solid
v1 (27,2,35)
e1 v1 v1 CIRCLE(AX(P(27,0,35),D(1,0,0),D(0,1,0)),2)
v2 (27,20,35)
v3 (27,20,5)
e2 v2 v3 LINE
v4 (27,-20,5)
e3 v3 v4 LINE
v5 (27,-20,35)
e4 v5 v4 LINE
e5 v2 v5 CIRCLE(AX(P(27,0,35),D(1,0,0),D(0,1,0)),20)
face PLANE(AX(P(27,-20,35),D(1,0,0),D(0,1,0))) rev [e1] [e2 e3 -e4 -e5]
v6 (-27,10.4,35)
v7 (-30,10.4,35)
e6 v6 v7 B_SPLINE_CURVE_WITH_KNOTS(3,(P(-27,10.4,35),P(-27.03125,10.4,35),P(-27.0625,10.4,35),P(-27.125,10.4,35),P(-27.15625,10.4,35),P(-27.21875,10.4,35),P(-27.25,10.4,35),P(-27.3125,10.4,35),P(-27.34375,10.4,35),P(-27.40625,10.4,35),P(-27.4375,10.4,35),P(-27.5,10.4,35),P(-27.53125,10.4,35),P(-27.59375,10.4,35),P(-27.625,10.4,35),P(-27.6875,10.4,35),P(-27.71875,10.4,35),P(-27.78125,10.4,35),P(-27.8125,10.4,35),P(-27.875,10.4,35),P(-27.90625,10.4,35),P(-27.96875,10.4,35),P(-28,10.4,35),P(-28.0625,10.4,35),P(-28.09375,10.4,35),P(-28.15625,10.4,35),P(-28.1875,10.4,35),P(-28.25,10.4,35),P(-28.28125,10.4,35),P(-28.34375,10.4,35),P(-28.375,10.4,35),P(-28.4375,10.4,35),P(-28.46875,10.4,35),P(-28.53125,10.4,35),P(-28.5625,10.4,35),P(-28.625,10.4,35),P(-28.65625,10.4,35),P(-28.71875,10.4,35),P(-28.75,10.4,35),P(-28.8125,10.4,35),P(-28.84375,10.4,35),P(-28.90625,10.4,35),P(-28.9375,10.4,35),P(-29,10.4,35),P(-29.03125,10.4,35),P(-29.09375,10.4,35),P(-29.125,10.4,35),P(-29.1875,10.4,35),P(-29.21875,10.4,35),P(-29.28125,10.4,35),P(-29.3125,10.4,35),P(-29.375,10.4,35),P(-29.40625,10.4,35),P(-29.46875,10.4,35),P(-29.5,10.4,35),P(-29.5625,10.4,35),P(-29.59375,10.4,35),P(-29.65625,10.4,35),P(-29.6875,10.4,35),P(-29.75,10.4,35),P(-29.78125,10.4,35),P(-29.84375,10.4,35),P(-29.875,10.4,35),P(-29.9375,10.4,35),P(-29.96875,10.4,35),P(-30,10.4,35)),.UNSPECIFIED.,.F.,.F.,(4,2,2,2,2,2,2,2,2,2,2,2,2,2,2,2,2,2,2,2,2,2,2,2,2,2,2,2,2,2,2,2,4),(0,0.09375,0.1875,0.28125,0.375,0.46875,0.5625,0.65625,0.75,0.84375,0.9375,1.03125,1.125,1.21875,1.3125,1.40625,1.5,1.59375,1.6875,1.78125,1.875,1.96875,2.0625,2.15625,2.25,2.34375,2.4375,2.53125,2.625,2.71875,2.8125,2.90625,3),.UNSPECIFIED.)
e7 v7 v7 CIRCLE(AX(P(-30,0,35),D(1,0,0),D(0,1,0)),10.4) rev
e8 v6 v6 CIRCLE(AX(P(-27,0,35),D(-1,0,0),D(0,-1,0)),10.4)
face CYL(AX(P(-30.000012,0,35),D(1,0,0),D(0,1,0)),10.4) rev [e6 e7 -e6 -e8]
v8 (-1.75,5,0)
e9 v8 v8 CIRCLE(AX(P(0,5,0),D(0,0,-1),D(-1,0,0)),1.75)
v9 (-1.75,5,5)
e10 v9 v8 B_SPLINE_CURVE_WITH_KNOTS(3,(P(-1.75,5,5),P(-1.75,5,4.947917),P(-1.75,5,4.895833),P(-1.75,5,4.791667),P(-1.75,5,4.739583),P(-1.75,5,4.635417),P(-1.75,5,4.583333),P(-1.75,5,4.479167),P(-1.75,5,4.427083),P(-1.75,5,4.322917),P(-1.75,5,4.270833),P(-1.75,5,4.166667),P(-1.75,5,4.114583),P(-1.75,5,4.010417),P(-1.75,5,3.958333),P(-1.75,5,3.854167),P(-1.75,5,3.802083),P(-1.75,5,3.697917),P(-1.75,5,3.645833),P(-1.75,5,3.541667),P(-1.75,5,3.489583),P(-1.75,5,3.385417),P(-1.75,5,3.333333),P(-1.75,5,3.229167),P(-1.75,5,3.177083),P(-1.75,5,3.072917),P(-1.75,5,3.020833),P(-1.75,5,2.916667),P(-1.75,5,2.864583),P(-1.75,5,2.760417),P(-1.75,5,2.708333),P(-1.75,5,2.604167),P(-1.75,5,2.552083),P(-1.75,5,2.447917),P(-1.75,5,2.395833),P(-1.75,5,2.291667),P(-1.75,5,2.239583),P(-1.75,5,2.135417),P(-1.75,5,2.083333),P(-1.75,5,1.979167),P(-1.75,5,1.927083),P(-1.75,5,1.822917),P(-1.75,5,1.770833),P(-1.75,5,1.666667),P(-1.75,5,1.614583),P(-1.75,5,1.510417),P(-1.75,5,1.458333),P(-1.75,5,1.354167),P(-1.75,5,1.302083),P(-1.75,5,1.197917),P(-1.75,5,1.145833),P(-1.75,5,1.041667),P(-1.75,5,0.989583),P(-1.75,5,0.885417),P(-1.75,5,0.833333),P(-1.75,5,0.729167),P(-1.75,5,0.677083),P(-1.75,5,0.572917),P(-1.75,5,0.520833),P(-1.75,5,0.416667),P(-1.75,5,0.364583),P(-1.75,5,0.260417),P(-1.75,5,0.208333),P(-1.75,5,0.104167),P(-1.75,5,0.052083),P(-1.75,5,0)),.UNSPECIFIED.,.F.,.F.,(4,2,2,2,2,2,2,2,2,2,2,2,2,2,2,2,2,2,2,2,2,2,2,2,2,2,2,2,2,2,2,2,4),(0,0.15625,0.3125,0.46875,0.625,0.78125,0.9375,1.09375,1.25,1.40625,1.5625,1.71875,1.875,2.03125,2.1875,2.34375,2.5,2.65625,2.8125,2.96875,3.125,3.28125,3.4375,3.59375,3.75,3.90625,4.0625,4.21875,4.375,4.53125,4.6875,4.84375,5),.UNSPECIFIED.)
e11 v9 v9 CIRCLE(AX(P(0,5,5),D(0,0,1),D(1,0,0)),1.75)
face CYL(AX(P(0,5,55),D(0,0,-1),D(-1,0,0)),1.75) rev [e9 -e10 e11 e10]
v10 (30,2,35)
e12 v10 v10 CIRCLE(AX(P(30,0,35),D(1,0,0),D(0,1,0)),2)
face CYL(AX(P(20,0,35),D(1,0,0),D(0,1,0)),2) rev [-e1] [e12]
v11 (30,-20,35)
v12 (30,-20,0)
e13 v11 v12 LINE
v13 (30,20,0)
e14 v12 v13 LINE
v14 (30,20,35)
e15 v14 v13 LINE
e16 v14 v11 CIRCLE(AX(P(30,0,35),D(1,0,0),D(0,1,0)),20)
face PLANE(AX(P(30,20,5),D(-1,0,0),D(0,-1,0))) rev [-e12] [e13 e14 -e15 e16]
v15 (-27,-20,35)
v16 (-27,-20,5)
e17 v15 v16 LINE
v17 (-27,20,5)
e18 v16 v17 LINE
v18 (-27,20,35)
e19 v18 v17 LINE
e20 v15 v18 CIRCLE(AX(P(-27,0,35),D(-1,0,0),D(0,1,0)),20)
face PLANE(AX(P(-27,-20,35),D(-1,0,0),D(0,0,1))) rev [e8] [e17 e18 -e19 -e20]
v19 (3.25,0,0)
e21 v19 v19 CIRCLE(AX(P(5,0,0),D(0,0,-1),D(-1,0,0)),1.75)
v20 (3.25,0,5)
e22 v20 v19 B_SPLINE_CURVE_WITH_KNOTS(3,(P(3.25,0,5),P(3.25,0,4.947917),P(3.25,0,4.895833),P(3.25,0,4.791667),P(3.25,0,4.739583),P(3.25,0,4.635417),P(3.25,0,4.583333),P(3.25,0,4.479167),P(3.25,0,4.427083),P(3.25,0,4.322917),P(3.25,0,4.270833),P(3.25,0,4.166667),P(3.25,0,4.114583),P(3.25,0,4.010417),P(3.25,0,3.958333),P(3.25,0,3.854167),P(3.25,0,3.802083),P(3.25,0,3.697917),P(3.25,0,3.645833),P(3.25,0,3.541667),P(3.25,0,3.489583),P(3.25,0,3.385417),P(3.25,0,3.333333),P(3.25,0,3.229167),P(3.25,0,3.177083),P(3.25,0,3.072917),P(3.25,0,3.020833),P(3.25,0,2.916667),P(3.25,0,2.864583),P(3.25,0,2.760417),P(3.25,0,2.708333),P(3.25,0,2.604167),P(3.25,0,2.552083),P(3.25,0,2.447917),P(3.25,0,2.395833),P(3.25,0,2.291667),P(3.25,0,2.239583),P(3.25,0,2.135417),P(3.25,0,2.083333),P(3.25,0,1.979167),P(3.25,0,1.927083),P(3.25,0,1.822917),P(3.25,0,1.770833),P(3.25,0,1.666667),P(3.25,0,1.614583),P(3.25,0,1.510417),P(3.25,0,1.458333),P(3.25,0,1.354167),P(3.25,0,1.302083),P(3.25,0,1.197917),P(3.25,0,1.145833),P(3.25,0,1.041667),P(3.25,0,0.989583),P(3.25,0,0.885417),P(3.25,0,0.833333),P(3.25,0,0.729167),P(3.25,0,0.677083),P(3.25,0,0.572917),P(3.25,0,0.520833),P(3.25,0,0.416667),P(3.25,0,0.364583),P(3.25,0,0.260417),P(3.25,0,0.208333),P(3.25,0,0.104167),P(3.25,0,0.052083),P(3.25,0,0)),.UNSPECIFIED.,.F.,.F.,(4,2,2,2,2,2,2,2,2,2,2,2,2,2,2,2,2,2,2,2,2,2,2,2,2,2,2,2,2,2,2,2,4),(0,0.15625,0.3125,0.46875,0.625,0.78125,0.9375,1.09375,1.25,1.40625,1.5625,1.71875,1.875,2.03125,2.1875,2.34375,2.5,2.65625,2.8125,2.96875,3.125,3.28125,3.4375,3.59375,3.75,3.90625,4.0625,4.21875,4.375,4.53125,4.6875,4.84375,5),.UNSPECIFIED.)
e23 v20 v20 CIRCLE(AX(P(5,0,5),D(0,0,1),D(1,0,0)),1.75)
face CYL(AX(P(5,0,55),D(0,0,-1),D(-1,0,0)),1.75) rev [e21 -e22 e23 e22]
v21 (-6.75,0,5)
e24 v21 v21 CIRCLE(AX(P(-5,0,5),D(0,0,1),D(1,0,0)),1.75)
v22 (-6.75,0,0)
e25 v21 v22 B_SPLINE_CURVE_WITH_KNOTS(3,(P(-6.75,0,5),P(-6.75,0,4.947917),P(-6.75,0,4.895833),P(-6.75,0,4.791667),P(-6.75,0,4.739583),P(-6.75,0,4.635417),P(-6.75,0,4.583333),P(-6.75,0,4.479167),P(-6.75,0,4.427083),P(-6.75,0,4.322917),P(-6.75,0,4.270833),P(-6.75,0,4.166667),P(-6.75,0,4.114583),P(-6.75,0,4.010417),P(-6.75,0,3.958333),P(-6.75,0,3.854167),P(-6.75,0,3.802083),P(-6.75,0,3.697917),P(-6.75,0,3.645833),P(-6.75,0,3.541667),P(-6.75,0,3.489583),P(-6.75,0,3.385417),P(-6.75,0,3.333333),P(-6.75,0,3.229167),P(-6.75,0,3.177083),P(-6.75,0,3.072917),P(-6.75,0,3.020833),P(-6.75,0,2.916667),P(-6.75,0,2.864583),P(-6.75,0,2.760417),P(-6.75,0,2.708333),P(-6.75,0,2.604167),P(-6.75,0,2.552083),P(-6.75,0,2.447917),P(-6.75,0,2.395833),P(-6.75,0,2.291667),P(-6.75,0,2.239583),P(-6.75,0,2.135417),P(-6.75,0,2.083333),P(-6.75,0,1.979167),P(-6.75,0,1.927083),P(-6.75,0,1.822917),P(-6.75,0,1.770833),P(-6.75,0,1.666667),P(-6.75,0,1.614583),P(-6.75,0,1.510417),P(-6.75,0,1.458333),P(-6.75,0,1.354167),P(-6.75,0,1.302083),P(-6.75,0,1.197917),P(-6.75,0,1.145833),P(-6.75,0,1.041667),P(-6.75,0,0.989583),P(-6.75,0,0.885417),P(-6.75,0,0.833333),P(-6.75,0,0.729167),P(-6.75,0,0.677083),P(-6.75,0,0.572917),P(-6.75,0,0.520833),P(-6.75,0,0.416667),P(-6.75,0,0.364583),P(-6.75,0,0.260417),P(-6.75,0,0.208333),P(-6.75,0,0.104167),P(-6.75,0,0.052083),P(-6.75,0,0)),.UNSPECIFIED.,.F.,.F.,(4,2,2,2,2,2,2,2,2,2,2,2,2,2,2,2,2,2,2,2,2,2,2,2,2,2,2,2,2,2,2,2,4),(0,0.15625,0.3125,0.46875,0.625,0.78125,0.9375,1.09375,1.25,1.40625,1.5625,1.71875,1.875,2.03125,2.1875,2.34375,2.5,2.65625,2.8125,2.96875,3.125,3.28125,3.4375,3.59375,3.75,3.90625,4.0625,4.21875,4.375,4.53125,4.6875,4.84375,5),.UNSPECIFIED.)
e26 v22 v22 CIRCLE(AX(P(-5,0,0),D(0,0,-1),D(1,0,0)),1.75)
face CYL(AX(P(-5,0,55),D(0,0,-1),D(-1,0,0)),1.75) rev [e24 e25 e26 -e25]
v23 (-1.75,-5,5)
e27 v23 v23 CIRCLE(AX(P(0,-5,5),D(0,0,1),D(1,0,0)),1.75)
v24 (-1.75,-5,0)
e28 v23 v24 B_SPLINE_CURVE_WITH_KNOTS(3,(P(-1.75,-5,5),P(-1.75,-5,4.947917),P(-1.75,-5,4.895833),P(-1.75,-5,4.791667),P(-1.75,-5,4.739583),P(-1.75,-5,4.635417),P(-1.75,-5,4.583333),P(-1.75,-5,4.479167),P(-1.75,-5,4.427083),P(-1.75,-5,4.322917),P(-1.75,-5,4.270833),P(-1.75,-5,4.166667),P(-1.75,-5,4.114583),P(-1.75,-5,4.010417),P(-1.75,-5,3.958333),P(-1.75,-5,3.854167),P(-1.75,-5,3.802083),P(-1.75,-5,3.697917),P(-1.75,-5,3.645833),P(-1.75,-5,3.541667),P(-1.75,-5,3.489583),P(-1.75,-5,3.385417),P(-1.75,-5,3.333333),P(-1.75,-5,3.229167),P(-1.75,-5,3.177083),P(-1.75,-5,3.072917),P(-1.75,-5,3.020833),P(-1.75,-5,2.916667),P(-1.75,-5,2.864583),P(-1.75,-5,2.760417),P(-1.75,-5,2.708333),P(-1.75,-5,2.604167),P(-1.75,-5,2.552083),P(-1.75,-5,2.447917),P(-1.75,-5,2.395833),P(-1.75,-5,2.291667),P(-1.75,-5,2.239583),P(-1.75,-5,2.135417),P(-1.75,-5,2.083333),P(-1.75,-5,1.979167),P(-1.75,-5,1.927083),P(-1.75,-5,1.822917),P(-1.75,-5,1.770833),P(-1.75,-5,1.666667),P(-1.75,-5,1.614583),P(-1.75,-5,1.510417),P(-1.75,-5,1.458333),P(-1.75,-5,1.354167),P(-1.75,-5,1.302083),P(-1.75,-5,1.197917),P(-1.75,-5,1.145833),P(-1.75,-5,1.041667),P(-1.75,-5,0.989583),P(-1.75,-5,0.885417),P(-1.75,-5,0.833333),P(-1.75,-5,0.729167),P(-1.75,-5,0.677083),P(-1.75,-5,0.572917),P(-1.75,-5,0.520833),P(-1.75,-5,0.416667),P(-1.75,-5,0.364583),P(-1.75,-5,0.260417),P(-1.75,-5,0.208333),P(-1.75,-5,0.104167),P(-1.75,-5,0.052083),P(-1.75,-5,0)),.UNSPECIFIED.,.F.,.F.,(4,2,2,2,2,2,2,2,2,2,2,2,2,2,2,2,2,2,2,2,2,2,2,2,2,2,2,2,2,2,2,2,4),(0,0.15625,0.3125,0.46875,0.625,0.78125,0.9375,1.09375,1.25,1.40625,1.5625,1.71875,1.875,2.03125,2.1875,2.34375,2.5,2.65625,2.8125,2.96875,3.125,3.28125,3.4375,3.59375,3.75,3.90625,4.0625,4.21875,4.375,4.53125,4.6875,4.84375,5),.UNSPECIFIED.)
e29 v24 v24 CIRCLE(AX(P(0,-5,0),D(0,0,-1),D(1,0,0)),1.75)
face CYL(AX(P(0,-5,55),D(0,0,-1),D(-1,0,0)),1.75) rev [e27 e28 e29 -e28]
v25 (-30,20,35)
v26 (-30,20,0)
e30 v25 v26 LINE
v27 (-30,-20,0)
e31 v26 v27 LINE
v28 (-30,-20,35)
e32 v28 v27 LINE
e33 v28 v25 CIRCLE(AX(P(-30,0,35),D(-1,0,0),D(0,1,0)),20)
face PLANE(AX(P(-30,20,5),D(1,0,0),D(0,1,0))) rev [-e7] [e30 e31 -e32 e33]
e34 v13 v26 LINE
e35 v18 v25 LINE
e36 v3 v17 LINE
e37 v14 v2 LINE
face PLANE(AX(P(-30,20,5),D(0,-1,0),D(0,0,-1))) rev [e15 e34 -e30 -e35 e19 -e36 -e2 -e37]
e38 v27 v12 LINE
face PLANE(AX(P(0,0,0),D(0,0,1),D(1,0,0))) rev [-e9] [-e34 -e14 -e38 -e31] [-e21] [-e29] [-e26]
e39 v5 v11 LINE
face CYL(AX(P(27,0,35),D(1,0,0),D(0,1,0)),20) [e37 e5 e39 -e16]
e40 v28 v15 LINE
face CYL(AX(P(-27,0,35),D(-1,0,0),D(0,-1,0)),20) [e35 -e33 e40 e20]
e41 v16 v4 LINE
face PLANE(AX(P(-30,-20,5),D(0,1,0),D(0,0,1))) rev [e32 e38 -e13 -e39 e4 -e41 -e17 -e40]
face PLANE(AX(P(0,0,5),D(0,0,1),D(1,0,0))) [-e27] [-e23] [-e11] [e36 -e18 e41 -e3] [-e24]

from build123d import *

# Parameters (mm, degrees)
SKETCH1_W               = 60
SKETCH1_H               = 40
BOSS_EXTRUDE1_DEPTH     = 5
SKETCH3_W               = 3
SKETCH3_H               = 40
BOSS_EXTRUDE2_DEPTH     = 30
BOSS_EXTRUDE3_DEPTH     = 3
BOSS_EXTRUDE4_START     = -3
BOSS_EXTRUDE4_DEPTH     = 3
SKETCH8_R               = 1.75
CUT_EXTRUDE1_DEPTH      = 66.76473219
CUT_EXTRUDE2_DEPTH      = 84.815273071
CUT_EXTRUDE2_DEPTH_BACK = 3
SKETCH11_R              = 10.4
SKETCH13_R              = 2
CUT_EXTRUDE3_DEPTH      = 10


with BuildPart() as part:
    # Sketch1 → Boss-Extrude1 (new body)
    with BuildSketch(Plane.XY):
        Rectangle(SKETCH1_W, SKETCH1_H)
    extrude(amount=BOSS_EXTRUDE1_DEPTH)

    # Sketch3 → Boss-Extrude2 (add)
    with BuildSketch(Plane.XY.offset(5)):
        with Locations((-28.5, 0)):
            Rectangle(SKETCH3_W, SKETCH3_H)
        with Locations((28.5, 0)):
            Rectangle(SKETCH3_W, SKETCH3_H)
    extrude(amount=BOSS_EXTRUDE2_DEPTH)

    # Sketch9 → Boss-Extrude3 (add)
    with BuildSketch(Plane(origin=(30, 0, 0), x_dir=(0, 0, -1), z_dir=(1, 0, 0))):
        with BuildLine():
            Line((-35, 20), (-35, -20))
            ThreePointArc((-35, -20), (-55, 0), (-35, 20))
        make_face()
    extrude(amount=-BOSS_EXTRUDE3_DEPTH)

    # Sketch10 → Boss-Extrude4 (add)
    with BuildSketch(Plane.ZY.offset(30).offset(BOSS_EXTRUDE4_START)):
        with BuildLine():
            Line((35, 20), (35, -20))
            ThreePointArc((35, -20), (55, 0), (35, 20))
        make_face()
    extrude(amount=BOSS_EXTRUDE4_DEPTH)

    # Sketch8 → Cut-Extrude1 (cut, through all)
    with BuildSketch(Plane(origin=(0, 0, 0), x_dir=(-1, 0, 0), z_dir=(0, 0, -1))):
        with Locations((-5, 0)):
            Circle(SKETCH8_R)
        with Locations((0, 5)):
            Circle(SKETCH8_R)
        with Locations((0, -5)):
            Circle(SKETCH8_R)
        with Locations((5, 0)):
            Circle(SKETCH8_R)
    extrude(amount=-CUT_EXTRUDE1_DEPTH, mode=Mode.SUBTRACT)

    # Sketch11 → Cut-Extrude2 (cut, two sides: drawn at the far end of the back side and taken through both)
    with BuildSketch(Plane.ZY.offset(30).offset(-CUT_EXTRUDE2_DEPTH_BACK)):
        with Locations(Location((35, 0, 0), (0, 0, 90))):
            Circle(SKETCH11_R)
    extrude(amount=CUT_EXTRUDE2_DEPTH + CUT_EXTRUDE2_DEPTH_BACK, mode=Mode.SUBTRACT)

    # Sketch13 → Cut-Extrude3 (cut)
    with BuildSketch(Plane(origin=(30, 0, 0), x_dir=(0, 0, -1), z_dir=(1, 0, 0))):
        with Locations(Location((-35, 0, 0), (0, 0, 90))):
            Circle(SKETCH13_R)
    extrude(amount=-CUT_EXTRUDE3_DEPTH, mode=Mode.SUBTRACT)


solid = part.part
